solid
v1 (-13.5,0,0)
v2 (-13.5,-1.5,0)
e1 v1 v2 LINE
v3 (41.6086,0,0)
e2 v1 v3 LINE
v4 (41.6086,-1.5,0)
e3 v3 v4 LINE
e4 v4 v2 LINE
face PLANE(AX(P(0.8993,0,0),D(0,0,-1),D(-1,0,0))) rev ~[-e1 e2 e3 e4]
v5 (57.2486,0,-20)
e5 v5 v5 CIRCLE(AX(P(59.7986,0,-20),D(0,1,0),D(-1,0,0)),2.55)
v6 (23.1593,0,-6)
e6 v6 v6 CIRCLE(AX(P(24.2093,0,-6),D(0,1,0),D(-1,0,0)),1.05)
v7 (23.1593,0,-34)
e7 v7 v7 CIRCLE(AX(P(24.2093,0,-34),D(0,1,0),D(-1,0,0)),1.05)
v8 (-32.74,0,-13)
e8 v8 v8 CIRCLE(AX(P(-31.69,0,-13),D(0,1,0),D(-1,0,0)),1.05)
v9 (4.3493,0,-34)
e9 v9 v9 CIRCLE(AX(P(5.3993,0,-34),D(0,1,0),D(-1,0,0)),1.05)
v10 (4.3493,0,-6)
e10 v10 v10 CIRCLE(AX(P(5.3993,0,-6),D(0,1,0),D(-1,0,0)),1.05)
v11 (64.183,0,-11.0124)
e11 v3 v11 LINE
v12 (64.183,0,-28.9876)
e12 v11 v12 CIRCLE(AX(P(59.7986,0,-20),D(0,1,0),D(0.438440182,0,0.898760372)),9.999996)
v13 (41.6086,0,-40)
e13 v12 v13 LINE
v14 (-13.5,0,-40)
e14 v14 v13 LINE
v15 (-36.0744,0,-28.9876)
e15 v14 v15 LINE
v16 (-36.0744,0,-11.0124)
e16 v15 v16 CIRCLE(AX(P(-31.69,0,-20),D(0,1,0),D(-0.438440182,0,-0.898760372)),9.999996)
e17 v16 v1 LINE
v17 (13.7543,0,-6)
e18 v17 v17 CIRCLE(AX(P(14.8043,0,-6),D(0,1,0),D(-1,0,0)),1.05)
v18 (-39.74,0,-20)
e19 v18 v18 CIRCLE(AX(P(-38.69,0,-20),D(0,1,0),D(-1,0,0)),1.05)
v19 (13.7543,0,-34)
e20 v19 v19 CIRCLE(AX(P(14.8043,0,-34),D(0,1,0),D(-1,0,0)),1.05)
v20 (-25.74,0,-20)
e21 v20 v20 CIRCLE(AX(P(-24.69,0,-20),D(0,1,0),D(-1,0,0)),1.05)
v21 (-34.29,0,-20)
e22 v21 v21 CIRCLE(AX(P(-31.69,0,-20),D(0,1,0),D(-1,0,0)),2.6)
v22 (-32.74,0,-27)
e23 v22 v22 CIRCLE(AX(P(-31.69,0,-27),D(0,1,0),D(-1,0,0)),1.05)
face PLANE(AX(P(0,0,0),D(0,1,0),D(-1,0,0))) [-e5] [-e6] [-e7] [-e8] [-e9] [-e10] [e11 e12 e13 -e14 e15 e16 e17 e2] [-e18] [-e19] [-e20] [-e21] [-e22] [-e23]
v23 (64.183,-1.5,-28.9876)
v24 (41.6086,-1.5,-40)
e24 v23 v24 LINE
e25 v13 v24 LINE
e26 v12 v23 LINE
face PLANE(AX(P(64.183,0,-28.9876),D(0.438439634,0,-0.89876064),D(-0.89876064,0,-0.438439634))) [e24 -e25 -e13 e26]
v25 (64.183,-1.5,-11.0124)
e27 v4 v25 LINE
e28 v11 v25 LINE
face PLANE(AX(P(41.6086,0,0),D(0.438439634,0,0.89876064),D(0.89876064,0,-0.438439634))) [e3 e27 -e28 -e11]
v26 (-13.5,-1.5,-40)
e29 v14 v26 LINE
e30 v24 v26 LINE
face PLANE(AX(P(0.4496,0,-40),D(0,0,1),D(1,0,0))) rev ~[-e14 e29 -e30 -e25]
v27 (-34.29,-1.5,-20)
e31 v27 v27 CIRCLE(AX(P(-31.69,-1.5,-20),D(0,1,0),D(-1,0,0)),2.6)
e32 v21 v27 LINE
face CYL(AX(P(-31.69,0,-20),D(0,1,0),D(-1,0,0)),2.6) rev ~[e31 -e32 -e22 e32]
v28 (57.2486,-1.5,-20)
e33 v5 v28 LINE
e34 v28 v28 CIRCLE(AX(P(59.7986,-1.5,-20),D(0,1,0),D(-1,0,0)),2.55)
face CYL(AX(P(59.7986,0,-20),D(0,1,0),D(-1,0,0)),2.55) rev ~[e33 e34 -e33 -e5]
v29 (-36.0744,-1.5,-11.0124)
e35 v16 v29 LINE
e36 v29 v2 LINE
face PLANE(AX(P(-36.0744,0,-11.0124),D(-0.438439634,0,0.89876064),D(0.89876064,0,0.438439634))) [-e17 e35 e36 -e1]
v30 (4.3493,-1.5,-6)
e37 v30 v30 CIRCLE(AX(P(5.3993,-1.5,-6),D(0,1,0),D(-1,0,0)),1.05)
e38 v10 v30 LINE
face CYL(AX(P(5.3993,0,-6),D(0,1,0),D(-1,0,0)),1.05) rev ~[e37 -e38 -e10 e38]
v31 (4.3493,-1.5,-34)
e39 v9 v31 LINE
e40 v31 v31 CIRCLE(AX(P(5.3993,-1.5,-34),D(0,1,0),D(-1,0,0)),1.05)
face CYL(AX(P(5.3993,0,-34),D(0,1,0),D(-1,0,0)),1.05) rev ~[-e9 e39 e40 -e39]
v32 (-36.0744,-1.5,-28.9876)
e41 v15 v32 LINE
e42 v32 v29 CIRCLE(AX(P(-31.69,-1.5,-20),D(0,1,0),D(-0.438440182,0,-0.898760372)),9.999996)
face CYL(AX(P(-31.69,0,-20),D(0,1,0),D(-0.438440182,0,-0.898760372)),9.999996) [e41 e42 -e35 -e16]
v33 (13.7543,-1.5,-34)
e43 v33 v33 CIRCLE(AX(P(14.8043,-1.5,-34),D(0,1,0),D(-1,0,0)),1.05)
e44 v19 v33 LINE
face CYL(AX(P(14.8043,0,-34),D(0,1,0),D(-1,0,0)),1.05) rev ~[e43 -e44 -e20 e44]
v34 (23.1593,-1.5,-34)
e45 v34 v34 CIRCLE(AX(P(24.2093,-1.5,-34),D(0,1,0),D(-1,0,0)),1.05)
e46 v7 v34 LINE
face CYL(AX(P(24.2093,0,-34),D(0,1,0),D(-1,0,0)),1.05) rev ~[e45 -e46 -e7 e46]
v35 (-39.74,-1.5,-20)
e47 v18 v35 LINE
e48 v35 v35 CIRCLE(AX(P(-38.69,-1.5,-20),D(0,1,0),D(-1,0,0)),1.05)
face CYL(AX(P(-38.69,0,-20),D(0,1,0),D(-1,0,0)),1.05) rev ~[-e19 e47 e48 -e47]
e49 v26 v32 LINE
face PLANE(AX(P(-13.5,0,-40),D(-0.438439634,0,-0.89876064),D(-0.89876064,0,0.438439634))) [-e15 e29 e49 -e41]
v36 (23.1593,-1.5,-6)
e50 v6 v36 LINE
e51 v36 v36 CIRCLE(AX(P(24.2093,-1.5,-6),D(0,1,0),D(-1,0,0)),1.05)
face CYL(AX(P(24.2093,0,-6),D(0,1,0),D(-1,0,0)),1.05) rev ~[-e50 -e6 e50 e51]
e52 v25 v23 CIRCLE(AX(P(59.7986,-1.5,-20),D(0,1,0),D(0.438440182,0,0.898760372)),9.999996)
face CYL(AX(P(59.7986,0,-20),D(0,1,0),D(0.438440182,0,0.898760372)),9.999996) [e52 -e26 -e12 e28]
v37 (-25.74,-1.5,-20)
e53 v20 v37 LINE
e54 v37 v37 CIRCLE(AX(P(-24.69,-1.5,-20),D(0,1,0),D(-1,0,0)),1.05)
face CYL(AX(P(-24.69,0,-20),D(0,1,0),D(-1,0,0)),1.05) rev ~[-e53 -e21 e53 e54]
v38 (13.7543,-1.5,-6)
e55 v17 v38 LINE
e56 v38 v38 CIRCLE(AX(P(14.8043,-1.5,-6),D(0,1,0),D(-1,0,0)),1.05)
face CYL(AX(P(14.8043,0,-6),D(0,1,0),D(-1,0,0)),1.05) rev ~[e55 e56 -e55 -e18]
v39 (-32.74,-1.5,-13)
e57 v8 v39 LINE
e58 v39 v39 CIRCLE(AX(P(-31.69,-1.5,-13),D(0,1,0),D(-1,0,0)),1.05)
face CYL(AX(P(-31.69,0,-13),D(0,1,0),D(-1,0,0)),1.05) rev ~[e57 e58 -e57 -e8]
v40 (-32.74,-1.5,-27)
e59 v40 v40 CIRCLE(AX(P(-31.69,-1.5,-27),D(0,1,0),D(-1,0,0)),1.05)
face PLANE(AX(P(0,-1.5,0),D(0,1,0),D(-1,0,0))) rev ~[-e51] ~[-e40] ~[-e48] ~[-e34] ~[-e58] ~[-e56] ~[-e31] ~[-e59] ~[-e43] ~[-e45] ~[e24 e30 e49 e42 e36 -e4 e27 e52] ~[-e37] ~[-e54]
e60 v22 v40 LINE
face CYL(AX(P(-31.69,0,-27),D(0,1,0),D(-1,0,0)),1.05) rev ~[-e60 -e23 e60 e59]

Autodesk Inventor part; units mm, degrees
ref_plane "YZ Plane" through (0, 0, 0) normal (1, 0, 0) x (0, 1, 0)
ref_plane "XZ Plane" through (0, 0, 0) normal (0, 1, 0) x (-1, 0, 0)
ref_plane "XY Plane" through (0, 0, 0) normal (0, 0, 1) x (1, 0, 0)
sketch "Sketch1" plane through (0, 0, 0) normal (0, 1, 0) x (-1, 0, 0)
  line L0 (-0.4496, -40) -> (-0.4496, 0)
  line L1 (-27.6589, 0) -> (-27.6589, -40)
  circle A0 centre (-5.3993, -34) radius 1.05
  circle A1 centre (-14.8043, -34) radius 1.05
  circle A2 centre (-24.2093, -34) radius 1.05
  circle A3 centre (-24.2093, -6) radius 1.05
  circle A4 centre (-14.8043, -6) radius 1.05
  circle A5 centre (-5.3993, -6) radius 1.05
  circle A6 centre (-59.7986, -20) radius 2.55
  circle A7 centre (31.69, -20) radius 2.6
  circle A8 centre (24.69, -20) radius 1.05
  circle A9 centre (31.69, -13) radius 1.05
  circle A10 centre (31.69, -27) radius 1.05
  circle A11 centre (38.69, -20) radius 1.05
  line L2 (36.0744, -11.0124) -> (13.5, 0)
  line L3 (-41.6086, 0) -> (-64.183, -11.0124)
  line L4 (13.5, -40) -> (36.0744, -28.9876)
  line L5 (-64.183, -28.9876) -> (-41.6086, -40)
  arc A12 (36.0744, -28.9876) -> (36.0744, -11.0124) centre (31.69, -20) ccw
  arc A13 (-64.183, -11.0124) -> (-64.183, -28.9876) centre (-59.7986, -20) ccw
  line L6 (-41.6086, 0) -> (13.5, 0)
  line L7 (13.5, -40) -> (-41.6086, -40)
  line L8 (-28.1086, -40) -> (-28.1086, 0)
  line L9 (-27.2093, 0) -> (-27.2093, -40)
  line L10 (-0.8993, -40) -> (-0.8993, 0)
  line L11 (0, 0) -> (0, -40)
extrude "Extrusion1" add sketch "Sketch1" against normal blind 1.5
properties part number "CAM_axis_6_supplement_frame"
